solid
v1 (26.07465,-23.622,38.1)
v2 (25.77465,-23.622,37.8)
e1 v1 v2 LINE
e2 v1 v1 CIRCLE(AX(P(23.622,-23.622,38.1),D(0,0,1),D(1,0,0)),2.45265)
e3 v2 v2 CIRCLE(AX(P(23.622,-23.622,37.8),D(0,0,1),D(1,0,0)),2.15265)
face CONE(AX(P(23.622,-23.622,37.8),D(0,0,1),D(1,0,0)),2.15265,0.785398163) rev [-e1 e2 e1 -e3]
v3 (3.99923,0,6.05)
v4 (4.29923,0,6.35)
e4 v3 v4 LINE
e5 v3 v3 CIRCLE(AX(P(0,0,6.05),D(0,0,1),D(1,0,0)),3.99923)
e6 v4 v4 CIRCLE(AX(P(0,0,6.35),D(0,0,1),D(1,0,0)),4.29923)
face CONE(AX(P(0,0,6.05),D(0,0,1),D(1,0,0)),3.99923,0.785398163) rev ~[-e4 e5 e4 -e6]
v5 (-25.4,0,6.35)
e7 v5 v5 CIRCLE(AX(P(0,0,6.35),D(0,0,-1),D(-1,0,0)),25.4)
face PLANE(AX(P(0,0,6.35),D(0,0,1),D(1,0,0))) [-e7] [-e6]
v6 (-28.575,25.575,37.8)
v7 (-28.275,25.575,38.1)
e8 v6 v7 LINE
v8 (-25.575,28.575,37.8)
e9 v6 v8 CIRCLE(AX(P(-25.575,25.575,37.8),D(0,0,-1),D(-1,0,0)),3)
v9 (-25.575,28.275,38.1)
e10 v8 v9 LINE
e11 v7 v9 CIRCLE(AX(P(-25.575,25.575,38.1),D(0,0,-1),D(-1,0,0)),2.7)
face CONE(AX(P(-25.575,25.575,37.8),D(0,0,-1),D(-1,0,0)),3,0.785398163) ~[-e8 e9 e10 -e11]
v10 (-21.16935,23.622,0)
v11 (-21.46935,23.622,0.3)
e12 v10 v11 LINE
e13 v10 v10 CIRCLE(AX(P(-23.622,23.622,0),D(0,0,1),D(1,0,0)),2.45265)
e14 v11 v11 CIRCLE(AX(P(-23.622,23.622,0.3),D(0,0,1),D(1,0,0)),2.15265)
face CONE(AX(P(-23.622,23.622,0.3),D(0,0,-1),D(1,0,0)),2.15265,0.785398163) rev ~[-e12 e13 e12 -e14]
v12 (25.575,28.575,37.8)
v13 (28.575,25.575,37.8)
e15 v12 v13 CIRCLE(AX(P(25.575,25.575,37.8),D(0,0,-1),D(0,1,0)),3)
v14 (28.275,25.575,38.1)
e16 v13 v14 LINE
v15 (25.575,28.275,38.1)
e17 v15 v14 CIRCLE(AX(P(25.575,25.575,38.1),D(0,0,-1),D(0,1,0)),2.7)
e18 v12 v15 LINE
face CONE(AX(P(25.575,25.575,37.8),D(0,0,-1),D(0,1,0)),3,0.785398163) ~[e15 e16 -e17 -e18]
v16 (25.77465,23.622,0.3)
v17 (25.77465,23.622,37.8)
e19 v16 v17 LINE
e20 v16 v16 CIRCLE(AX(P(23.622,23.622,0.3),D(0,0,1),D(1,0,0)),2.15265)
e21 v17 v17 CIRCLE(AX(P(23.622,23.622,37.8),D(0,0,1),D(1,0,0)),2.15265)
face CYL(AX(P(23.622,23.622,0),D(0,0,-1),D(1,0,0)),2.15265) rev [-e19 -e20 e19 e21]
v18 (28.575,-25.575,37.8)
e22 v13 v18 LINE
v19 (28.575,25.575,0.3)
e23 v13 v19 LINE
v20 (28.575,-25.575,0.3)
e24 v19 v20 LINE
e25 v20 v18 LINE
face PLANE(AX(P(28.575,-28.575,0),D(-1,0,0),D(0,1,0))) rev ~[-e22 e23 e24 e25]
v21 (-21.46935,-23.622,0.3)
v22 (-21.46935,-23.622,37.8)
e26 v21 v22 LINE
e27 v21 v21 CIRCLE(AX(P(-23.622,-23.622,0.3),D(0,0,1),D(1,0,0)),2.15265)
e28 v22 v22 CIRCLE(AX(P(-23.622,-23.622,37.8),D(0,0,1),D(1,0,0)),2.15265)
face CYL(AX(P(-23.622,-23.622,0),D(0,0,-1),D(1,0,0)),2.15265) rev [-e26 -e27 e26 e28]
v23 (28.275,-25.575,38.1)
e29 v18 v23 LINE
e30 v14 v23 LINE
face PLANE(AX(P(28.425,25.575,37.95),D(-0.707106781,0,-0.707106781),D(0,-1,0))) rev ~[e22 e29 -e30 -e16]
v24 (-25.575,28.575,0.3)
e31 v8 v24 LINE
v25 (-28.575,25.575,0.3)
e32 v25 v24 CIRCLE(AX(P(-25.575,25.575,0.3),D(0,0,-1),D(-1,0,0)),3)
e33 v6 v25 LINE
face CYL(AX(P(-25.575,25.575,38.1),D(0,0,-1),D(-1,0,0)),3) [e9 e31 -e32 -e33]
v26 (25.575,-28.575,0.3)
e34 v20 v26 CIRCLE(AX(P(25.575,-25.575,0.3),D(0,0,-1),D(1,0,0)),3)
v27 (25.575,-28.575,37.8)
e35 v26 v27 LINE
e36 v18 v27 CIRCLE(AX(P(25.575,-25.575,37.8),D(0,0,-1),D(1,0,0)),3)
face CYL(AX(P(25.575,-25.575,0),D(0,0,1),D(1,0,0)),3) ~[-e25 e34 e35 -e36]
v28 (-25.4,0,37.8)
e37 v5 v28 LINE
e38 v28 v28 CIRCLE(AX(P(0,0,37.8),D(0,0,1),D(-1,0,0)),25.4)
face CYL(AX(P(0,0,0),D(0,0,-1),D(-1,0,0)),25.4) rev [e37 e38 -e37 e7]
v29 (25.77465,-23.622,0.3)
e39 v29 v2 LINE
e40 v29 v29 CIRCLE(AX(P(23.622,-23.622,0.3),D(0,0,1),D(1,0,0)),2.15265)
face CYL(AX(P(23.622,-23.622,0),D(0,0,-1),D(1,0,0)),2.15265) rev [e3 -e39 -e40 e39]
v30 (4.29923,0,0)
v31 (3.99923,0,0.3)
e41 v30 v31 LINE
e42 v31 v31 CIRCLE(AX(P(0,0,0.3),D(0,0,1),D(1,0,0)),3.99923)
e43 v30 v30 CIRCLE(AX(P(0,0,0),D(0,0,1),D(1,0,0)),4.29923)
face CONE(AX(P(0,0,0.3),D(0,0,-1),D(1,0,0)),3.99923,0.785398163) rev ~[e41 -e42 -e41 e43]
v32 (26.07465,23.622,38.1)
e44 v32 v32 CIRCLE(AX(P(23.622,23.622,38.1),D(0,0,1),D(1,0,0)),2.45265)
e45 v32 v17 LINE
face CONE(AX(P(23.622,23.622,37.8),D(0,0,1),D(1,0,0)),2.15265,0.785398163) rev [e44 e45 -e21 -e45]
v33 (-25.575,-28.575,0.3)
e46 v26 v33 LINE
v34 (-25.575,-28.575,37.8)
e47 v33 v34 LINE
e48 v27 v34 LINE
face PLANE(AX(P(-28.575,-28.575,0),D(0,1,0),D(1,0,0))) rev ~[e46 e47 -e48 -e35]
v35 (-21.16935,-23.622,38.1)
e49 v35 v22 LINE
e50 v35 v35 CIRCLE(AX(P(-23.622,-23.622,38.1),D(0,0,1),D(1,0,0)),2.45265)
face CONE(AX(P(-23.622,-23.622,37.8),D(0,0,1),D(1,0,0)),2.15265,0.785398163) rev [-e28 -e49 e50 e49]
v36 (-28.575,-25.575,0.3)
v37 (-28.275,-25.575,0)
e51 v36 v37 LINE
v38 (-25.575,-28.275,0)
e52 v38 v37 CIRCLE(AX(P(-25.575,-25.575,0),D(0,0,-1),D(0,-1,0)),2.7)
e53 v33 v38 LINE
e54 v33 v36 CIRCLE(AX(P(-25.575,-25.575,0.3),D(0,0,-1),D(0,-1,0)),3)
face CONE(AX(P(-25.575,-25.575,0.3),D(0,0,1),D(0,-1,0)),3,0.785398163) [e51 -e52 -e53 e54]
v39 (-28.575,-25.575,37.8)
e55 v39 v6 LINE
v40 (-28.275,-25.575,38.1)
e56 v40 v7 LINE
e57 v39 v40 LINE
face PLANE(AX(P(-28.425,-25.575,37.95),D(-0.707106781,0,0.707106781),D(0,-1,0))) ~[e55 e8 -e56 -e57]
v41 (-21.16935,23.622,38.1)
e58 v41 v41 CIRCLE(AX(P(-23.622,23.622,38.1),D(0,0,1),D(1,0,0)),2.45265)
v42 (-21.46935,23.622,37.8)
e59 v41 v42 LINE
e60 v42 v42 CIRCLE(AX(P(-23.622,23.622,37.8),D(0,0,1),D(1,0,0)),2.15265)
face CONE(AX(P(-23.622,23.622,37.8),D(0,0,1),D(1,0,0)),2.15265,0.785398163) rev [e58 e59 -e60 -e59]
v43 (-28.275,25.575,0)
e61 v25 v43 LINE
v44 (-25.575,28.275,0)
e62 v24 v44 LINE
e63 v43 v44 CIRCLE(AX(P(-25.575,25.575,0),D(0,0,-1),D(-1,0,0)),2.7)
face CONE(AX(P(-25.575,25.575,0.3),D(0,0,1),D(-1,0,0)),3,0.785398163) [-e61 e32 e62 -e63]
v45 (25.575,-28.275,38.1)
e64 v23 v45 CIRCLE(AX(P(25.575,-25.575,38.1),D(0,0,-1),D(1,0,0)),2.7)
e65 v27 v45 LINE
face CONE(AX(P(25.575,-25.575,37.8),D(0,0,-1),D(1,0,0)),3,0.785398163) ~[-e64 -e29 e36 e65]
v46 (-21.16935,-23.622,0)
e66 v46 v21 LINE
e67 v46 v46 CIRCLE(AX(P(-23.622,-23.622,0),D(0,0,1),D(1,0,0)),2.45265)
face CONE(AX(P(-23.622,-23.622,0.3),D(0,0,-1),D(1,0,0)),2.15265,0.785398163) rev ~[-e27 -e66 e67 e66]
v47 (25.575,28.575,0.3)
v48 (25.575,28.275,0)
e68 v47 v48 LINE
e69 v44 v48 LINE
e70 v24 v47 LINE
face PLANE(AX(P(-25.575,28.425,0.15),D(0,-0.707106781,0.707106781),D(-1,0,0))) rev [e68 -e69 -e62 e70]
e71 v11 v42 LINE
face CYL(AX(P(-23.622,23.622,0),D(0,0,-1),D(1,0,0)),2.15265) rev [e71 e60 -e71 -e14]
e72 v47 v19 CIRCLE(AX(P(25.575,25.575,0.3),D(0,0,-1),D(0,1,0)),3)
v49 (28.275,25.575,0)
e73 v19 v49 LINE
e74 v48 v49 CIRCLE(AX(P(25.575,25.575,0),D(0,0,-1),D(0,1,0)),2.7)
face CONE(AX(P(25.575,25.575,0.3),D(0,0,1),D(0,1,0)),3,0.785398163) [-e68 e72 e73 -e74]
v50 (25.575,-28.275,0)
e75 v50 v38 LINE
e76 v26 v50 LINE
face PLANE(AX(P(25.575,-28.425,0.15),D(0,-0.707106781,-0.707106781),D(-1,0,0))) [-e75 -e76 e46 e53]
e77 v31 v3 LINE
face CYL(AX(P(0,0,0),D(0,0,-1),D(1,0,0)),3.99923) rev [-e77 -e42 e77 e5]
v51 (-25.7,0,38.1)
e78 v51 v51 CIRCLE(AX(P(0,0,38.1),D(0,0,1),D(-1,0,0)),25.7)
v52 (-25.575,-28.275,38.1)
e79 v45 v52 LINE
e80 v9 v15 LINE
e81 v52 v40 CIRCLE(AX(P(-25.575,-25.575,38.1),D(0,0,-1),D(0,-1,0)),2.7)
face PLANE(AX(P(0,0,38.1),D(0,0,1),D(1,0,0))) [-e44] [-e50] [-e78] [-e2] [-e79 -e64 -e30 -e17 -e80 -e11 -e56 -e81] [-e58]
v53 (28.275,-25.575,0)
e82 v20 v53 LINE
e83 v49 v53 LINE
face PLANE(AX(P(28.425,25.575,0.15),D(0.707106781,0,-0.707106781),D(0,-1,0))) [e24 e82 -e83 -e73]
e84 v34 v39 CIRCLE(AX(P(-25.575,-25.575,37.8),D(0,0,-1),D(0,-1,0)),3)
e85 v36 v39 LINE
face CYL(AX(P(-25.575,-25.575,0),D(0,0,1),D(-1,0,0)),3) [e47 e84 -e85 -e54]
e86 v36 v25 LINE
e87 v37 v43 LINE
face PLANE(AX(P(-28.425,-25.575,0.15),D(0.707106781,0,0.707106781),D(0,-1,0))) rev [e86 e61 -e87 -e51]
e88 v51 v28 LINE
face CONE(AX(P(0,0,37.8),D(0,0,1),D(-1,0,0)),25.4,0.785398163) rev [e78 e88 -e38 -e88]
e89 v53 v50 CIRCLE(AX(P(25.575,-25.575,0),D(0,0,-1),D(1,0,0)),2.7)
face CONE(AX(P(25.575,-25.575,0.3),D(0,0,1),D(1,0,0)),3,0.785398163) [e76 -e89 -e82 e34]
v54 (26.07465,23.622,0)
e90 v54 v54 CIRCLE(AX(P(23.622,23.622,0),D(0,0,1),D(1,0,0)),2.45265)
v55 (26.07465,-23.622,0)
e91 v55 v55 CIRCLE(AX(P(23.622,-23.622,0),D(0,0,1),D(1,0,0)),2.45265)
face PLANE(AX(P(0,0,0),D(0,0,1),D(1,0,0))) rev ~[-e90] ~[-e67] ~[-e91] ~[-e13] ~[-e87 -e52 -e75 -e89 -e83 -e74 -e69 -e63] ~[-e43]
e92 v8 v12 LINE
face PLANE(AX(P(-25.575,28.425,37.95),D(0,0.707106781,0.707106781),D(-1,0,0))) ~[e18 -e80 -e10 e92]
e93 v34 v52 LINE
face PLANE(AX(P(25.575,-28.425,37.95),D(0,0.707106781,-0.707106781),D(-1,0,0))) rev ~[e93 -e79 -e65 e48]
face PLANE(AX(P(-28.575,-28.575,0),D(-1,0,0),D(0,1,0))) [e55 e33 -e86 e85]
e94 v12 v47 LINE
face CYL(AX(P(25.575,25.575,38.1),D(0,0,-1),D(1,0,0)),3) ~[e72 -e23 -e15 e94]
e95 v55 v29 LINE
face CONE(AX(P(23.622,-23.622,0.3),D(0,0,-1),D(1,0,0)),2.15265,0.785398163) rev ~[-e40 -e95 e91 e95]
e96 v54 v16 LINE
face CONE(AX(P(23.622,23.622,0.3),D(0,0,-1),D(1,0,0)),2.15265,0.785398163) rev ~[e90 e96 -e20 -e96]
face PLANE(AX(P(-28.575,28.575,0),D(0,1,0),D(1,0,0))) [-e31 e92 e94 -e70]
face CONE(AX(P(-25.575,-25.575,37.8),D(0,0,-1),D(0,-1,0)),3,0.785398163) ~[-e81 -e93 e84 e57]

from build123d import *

# Parameters (mm, degrees)
SKETCH1_W           = 57.15
SKETCH1_H           = 57.15
SKETCH1_R           = 2.15265
SKETCH1_R_2         = 3.99923
BOSS_EXTRUDE1_DEPTH = 6.35
SKETCH1_3_W         = 57.15
SKETCH1_3_H         = 57.15
SKETCH1_3_R         = 2.15265
SKETCH1_3_R_2       = 25.4
BOSS_EXTRUDE2_DEPTH = 38.1
FILLET1_R           = 3
CHAMFER1_SIZE       = 0.3


with BuildPart() as part:
    # Sketch1 → Boss-Extrude1 (new body)
    with BuildSketch(Plane.XY):
        Rectangle(SKETCH1_W, SKETCH1_H)
        with Locations((-23.622, -23.622)):
            Circle(SKETCH1_R, mode=Mode.SUBTRACT)
        with Locations((23.622, -23.622)):
            Circle(SKETCH1_R, mode=Mode.SUBTRACT)
        with Locations((-23.622, 23.622)):
            Circle(SKETCH1_R, mode=Mode.SUBTRACT)
        with Locations((23.622, 23.622)):
            Circle(SKETCH1_R, mode=Mode.SUBTRACT)
        Circle(SKETCH1_R_2, mode=Mode.SUBTRACT)
    extrude(amount=BOSS_EXTRUDE1_DEPTH)

    # Sketch1<3> → Boss-Extrude2 (add)
    with BuildSketch(Plane.XY):
        Rectangle(SKETCH1_3_W, SKETCH1_3_H)
        with Locations((-23.622, -23.622)):
            Circle(SKETCH1_3_R, mode=Mode.SUBTRACT)
        Circle(SKETCH1_3_R_2, mode=Mode.SUBTRACT)
        with Locations((23.622, -23.622)):
            Circle(SKETCH1_3_R, mode=Mode.SUBTRACT)
        with Locations((-23.622, 23.622)):
            Circle(SKETCH1_3_R, mode=Mode.SUBTRACT)
        with Locations((23.622, 23.622)):
            Circle(SKETCH1_3_R, mode=Mode.SUBTRACT)
    extrude(amount=BOSS_EXTRUDE2_DEPTH)

    # Fillet1
    fillet1_edges = [part.edges().sort_by_distance(p)[0] for p in [
        (-28.575, 28.575, 19.05),
        (28.575, 28.575, 19.05),
        (28.575, -28.575, 19.05),
        (-28.575, -28.575, 19.05),
    ]]
    fillet(fillet1_edges, radius=FILLET1_R)

    # Chamfer1
    chamfer1_edges = [part.edges().sort_by_distance(p)[0] for p in [
        (-25.77465, -23.622, 0),
        (21.46935, -23.622, 0),
        (21.46935, 23.622, 0),
        (-25.77465, 23.622, 0),
        (-27.696320344, -27.696320344, 0),
        (0, -28.575, 0),
        (27.696320344, -27.696320344, 0),
        (28.575, 0, 0),
        (27.696320344, 27.696320344, 0),
        (0, 28.575, 0),
        (-27.696320344, 27.696320344, 0),
        (-28.575, 0, 0),
        (-3.99923, 0, 0),
        (27.696320344, 27.696320344, 38.1),
        (28.575, 0, 38.1),
        (27.696320344, -27.696320344, 38.1),
        (0, -28.575, 38.1),
        (-27.696320344, -27.696320344, 38.1),
        (-28.575, 0, 38.1),
        (-27.696320344, 27.696320344, 38.1),
        (0, 28.575, 38.1),
        (-25.77465, 23.622, 38.1),
        (21.46935, 23.622, 38.1),
        (21.46935, -23.622, 38.1),
        (-25.77465, -23.622, 38.1),
        (-25.4, 0, 38.1),
        (-3.99923, 0, 6.35),
    ]]
    chamfer(chamfer1_edges, length=CHAMFER1_SIZE)


solid = part.part
